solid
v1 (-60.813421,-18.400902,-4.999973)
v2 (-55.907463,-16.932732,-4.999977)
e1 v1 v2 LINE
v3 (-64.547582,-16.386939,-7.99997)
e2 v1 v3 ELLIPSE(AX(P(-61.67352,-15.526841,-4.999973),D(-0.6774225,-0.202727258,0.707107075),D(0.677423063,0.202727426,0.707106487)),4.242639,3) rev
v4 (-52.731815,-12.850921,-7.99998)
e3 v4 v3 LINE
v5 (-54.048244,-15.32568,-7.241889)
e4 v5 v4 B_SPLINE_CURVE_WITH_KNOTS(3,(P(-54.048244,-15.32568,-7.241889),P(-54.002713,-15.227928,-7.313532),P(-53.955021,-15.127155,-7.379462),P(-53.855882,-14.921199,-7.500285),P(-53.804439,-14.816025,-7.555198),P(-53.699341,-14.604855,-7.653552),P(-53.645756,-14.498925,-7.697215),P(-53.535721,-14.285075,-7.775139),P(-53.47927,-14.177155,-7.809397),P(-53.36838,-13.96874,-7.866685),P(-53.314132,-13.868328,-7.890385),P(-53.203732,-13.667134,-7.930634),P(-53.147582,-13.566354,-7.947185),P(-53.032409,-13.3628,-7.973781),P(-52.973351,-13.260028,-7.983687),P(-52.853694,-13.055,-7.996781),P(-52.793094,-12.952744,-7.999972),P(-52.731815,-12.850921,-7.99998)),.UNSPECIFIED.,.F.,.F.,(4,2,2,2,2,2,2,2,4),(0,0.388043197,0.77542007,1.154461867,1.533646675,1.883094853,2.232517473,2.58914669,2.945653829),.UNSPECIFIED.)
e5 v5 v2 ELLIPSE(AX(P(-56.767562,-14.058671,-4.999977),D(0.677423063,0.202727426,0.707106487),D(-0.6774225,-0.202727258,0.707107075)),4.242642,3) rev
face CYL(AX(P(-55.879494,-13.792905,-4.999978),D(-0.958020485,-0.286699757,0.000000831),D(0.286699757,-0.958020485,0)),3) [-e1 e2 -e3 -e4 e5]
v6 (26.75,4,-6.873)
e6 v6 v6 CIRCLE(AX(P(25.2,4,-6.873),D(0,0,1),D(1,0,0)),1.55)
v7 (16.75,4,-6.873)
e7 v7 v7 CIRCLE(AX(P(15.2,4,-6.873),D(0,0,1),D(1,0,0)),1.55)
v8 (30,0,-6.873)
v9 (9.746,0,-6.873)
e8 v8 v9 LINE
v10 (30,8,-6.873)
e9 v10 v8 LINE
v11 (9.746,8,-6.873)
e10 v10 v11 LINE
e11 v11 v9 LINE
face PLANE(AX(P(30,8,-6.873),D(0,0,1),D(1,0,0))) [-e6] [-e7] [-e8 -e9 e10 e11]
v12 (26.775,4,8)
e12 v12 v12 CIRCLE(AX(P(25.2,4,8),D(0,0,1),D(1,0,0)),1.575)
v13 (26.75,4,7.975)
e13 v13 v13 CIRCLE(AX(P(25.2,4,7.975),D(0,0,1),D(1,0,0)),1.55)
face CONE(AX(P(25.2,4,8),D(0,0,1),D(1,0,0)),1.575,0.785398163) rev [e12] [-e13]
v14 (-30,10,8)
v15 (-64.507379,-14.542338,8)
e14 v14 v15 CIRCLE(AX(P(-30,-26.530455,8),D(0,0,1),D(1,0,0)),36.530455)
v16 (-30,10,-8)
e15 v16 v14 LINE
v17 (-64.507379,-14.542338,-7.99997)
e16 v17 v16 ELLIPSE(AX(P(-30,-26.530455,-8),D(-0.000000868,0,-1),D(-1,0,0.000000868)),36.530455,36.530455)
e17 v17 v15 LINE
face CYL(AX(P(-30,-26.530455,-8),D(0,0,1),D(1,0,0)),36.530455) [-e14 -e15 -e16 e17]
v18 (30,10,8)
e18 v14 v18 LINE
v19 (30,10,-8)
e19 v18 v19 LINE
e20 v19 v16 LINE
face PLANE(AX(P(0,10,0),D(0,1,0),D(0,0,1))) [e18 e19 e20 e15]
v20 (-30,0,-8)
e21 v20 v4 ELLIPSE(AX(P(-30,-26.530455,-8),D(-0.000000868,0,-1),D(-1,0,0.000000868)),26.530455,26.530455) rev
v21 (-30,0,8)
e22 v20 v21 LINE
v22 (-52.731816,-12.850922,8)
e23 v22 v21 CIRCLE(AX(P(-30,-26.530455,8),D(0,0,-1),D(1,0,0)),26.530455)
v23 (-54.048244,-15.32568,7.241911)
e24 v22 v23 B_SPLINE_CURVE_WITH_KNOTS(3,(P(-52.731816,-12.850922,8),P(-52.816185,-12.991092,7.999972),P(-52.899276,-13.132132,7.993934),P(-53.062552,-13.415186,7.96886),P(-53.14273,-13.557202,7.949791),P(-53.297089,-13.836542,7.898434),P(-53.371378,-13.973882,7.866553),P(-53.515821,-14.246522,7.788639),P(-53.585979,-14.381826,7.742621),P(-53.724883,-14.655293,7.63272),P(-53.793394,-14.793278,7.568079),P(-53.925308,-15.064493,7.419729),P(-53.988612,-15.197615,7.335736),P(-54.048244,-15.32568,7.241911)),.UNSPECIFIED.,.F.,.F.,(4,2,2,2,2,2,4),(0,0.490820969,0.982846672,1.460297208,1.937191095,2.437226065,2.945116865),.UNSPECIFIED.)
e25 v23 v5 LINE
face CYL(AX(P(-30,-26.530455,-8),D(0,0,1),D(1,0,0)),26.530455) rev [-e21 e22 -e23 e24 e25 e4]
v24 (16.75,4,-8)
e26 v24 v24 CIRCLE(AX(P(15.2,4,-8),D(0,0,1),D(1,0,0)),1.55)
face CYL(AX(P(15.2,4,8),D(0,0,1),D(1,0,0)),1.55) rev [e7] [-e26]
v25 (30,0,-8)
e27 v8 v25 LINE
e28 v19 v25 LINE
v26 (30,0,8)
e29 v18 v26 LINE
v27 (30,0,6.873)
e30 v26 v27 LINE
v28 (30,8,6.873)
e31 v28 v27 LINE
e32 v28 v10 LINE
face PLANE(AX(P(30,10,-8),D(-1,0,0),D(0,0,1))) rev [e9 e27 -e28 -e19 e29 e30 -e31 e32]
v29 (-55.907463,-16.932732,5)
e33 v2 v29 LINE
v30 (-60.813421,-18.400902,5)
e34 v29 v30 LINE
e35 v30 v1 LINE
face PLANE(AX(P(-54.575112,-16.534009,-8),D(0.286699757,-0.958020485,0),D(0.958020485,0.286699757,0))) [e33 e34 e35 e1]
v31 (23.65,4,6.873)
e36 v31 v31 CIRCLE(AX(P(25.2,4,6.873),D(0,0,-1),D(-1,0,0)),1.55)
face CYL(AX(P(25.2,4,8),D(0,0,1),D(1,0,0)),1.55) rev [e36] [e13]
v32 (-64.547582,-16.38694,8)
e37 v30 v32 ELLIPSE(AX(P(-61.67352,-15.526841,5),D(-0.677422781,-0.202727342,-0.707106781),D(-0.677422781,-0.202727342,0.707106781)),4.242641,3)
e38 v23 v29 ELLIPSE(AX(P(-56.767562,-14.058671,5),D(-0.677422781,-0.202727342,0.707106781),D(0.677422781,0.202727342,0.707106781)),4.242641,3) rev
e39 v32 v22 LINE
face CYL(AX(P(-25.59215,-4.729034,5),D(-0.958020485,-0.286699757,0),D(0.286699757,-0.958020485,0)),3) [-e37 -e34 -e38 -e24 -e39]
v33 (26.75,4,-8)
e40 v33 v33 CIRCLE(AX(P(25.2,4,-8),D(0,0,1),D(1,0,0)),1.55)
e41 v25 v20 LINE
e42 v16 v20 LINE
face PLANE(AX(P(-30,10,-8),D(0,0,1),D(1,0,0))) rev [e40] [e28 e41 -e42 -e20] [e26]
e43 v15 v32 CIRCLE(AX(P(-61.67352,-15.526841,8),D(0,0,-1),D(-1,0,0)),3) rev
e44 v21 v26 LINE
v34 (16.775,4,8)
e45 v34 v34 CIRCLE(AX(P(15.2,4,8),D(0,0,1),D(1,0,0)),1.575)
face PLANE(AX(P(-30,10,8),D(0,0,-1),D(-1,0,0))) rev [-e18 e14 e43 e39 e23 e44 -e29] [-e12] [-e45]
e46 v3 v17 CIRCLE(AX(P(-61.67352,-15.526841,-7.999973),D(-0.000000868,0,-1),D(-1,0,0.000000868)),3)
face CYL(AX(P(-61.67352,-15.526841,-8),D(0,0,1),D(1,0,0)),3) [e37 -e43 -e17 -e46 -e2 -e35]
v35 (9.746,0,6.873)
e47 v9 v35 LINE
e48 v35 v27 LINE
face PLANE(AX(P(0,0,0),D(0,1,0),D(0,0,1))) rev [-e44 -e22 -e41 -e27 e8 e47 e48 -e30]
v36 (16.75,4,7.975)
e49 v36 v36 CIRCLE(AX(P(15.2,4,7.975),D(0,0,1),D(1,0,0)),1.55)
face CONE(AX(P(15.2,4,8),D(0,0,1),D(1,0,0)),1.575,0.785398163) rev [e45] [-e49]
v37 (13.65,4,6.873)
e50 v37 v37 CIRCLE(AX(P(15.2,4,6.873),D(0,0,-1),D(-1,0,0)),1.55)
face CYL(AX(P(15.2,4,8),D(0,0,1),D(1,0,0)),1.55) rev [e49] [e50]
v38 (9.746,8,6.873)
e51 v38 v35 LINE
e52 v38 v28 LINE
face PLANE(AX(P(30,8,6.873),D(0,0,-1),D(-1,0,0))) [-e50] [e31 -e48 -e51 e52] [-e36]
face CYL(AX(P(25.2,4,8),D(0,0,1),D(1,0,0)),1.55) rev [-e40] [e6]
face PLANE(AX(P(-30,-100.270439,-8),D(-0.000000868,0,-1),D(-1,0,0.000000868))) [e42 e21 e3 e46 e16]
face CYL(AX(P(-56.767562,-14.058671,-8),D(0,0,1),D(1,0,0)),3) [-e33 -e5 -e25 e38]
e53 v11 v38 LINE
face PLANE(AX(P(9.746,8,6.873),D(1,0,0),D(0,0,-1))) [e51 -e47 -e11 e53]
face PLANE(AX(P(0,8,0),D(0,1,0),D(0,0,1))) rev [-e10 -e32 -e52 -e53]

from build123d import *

# Parameters (mm, degrees)
SKETCH1_W                        = 60
SKETCH1_H                        = 16
BOSS_EXTRUDE1_DEPTH              = 10
SKETCH3_W                        = 20.254
SKETCH3_H                        = 13.746
CUT_EXTRUDE1_DEPTH               = 8
M2_5_CLEARANCE_HOLE1_D           = 3.1
M2_5_CLEARANCE_HOLE1_CSINK_D     = 3.15
M2_5_CLEARANCE_HOLE1_CSINK_ANGLE = 90
BOSS_EXTRUDE4_DEPTH              = 35
CUT_EXTRUDE8_DEPTH               = 107.825342634
CUT_EXTRUDE8_DEPTH_BACK          = 107.825342634
SKETCH14_OUTSIDE_W               = 163.346
SKETCH14_OUTSIDE_H               = 64.796
FILLET6_R                        = 3


with BuildPart() as part:
    # Sketch1 → Boss-Extrude1 (new body)
    with BuildSketch(Plane(origin=(0, 0, 0), x_dir=(1, 0, 0), z_dir=(0, 1, 0))):
        Rectangle(SKETCH1_W, SKETCH1_H)
    extrude(amount=BOSS_EXTRUDE1_DEPTH)

    # Sketch3 → Cut-Extrude1 (cut)
    with BuildSketch(Plane(origin=(0, 0, 0), x_dir=(1, 0, 0), z_dir=(0, 1, 0))):
        with Locations((19.873, 0)):
            Rectangle(SKETCH3_W, SKETCH3_H)
    extrude(amount=CUT_EXTRUDE1_DEPTH, mode=Mode.SUBTRACT)

    # M2.5 Clearance Hole1 (through all)
    with Locations(Plane.XY.offset(8)):
        with Locations((15.2, 4), (25.2, 4)):
            CounterSinkHole(M2_5_CLEARANCE_HOLE1_D / 2, M2_5_CLEARANCE_HOLE1_CSINK_D / 2, counter_sink_angle=M2_5_CLEARANCE_HOLE1_CSINK_ANGLE)

    # Sketch12 → Boss-Extrude4 (add)
    with BuildSketch(Plane(origin=(0, 10, 0), x_dir=(1, 0, 0), z_dir=(0, 1, 0))):
        Polygon((-30, 8), (-103.550247845, 7.999936172), (-103.550247845, -3.1914e-05), (-103.550247845, -8), (-30, -8), align=None)
    extrude(amount=-BOSS_EXTRUDE4_DEPTH)

    # Sketch14 outside → Cut-Extrude8 (cut, two sides: drawn at the far end of the back side and taken through both)
    with BuildSketch(Plane.XY.offset(-CUT_EXTRUDE8_DEPTH_BACK)):
        with Locations((-36.775, -7.5)):
            Rectangle(SKETCH14_OUTSIDE_W, SKETCH14_OUTSIDE_H)
        with BuildLine():
            Line((30, 0), (-30, 0))
            ThreePointArc((-30, 0), (-44.809706125, -4.518239103), (-54.575111815, -16.534009232))
            Line((-54.575111815, -16.534009232), (-65.929573082, -19.931975488))
            ThreePointArc((-65.929573082, -19.931975488), (-53.381923459, 1.536604003), (-30, 10))
            Line((-30, 10), (30, 10))
            Line((30, 10), (30, 0))
        make_face(mode=Mode.SUBTRACT)
    extrude(amount=CUT_EXTRUDE8_DEPTH + CUT_EXTRUDE8_DEPTH_BACK, mode=Mode.SUBTRACT)

    # Fillet6
    fillet6_edges = [part.edges().sort_by_distance(p)[0] for p in [
        (-54.575111815, -16.534009232, 1.0663e-05),
        (-60.252342448, -18.23299236, -7.999973747),
        (-65.929573082, -19.931975488, 1.559e-05),
        (-60.252342448, -18.23299236, 8),
    ]]
    fillet(fillet6_edges, radius=FILLET6_R)


solid = part.part
